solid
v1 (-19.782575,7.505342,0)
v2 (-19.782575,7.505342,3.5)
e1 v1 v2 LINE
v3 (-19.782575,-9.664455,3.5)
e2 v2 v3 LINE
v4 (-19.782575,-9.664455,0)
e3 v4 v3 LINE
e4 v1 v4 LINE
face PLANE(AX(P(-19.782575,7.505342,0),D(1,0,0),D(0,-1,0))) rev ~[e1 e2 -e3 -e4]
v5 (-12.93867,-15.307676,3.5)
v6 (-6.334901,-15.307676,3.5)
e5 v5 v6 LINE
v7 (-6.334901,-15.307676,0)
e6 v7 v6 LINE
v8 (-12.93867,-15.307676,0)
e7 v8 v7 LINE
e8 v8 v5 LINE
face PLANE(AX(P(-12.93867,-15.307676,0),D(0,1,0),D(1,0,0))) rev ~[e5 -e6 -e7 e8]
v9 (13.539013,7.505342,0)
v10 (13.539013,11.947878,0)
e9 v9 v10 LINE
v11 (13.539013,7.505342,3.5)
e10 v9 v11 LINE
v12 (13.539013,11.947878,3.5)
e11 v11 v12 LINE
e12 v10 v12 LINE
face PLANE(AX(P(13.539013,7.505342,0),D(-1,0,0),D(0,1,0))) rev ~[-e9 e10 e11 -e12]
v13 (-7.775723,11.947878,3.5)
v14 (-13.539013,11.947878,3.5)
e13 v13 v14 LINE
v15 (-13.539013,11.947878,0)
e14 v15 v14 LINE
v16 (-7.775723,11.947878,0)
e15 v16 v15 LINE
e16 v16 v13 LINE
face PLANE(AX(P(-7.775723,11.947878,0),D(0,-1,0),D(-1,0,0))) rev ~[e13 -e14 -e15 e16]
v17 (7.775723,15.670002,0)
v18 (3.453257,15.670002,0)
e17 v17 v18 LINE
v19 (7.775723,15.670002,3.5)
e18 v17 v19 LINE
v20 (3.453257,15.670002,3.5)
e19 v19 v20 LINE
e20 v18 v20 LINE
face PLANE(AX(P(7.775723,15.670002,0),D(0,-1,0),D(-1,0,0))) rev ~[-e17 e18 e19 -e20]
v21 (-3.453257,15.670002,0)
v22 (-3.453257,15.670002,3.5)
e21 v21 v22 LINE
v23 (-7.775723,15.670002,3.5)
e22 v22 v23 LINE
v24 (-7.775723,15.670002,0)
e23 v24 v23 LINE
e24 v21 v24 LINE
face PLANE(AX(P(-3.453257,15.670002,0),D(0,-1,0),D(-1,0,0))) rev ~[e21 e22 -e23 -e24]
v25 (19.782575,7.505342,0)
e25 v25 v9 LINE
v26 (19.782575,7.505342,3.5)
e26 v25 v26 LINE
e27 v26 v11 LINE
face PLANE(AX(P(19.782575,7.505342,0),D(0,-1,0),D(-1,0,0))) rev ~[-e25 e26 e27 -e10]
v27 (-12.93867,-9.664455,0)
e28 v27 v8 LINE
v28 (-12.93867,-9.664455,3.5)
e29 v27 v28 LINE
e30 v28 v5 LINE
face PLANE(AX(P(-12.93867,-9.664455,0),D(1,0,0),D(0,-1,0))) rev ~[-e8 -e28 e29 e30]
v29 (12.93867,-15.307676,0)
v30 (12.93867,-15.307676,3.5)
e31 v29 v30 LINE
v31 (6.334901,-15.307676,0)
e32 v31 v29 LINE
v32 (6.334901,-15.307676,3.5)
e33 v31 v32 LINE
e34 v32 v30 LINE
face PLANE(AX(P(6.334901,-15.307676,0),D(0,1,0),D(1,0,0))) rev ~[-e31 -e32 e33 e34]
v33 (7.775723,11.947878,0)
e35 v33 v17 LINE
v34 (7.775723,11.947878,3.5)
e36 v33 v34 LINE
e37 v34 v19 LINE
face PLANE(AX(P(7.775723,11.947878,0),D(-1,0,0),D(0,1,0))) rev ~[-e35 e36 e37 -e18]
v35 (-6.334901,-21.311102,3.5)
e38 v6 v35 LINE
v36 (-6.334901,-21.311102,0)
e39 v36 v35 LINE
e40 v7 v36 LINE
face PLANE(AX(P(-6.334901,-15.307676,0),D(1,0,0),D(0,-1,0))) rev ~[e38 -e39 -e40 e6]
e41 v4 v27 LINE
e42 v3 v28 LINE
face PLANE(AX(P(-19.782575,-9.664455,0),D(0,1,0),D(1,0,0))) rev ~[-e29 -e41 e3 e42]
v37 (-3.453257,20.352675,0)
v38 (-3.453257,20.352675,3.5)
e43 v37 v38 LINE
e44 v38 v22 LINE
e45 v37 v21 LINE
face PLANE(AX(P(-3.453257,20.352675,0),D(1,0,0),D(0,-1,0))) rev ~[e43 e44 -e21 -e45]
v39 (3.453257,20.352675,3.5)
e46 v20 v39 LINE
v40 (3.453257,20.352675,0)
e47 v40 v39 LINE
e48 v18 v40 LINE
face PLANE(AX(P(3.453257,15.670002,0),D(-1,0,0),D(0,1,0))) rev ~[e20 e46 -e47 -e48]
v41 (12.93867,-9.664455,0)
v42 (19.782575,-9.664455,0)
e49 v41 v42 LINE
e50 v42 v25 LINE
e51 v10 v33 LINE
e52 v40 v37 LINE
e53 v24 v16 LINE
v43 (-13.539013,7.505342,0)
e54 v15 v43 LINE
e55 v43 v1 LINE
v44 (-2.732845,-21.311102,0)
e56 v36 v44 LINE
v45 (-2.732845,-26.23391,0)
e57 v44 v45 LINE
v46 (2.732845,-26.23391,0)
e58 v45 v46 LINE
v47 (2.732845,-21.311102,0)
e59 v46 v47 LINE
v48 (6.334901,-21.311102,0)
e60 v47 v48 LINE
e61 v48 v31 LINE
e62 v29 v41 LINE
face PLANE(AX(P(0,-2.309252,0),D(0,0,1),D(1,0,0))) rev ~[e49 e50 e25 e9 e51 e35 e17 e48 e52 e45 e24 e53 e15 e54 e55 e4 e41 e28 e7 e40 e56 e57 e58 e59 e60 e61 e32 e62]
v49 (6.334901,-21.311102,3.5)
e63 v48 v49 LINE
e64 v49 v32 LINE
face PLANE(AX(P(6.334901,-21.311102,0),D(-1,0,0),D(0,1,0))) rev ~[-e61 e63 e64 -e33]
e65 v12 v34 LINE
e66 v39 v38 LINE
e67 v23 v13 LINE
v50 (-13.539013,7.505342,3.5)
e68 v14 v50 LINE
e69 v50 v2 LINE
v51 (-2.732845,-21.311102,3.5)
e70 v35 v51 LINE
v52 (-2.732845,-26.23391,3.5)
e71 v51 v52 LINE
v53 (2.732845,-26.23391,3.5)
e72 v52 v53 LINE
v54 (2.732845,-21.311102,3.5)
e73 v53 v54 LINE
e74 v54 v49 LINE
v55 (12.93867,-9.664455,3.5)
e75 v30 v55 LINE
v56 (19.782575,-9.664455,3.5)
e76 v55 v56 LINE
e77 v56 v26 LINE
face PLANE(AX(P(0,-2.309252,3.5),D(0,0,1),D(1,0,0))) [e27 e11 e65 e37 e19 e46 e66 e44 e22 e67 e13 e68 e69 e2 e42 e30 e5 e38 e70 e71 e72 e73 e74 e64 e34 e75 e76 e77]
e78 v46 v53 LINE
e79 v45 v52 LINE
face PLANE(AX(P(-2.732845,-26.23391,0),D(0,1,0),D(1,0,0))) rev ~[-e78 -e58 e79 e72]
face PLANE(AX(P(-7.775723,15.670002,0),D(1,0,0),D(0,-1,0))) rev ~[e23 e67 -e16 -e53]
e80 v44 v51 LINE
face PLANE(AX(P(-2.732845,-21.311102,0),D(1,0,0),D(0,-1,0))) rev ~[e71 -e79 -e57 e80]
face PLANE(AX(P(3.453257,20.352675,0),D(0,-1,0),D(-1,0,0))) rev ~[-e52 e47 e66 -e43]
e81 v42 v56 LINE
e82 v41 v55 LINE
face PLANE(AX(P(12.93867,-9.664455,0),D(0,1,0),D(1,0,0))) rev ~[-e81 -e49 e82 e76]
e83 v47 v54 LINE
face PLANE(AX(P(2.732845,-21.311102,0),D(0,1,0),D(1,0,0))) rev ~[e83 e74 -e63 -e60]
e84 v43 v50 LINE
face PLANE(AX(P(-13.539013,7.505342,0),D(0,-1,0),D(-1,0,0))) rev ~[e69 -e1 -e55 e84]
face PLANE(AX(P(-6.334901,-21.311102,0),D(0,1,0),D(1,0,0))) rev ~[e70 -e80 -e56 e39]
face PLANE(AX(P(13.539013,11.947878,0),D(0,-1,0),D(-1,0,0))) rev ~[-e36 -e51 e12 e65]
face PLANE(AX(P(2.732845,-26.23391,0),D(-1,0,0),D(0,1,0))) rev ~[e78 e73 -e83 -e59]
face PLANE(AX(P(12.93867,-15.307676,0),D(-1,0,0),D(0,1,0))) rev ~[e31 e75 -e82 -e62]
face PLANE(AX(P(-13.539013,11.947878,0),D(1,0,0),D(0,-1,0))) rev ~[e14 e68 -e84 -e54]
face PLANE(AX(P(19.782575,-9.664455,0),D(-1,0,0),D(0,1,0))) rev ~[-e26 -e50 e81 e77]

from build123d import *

# Parameters (mm, degrees)
F2_DEPTH = 3.5


with BuildPart() as f2:
    # F1 (on Top) → F2 (new body)
    with BuildSketch(Plane.XY):
        Polygon((-19.782575, 7.505342), (-19.782575, 0), (-19.782575, -9.664455), (-12.93867, -9.664455), (-12.93867, -15.307676), (-6.334901, -15.307676), (-6.334901, -21.311102), (-2.732845, -21.311102), (-2.732845, -26.23391), (0, -26.23391), (2.732845, -26.23391), (2.732845, -21.311102), (6.334901, -21.311102), (6.334901, -15.307676), (12.93867, -15.307676), (12.93867, -9.664455), (19.782575, -9.664455), (19.782575, 0), (19.782575, 7.505342), (13.539013, 7.505342), (13.539013, 11.947878), (7.775723, 11.947878), (7.775723, 15.670002), (3.453257, 15.670002), (3.453257, 20.352675), (0, 20.352675), (-3.453257, 20.352675), (-3.453257, 15.670002), (-7.775723, 15.670002), (-7.775723, 11.947878), (-13.539013, 11.947878), (-13.539013, 7.505342), align=None)
    extrude(amount=F2_DEPTH)


solid = f2.part
